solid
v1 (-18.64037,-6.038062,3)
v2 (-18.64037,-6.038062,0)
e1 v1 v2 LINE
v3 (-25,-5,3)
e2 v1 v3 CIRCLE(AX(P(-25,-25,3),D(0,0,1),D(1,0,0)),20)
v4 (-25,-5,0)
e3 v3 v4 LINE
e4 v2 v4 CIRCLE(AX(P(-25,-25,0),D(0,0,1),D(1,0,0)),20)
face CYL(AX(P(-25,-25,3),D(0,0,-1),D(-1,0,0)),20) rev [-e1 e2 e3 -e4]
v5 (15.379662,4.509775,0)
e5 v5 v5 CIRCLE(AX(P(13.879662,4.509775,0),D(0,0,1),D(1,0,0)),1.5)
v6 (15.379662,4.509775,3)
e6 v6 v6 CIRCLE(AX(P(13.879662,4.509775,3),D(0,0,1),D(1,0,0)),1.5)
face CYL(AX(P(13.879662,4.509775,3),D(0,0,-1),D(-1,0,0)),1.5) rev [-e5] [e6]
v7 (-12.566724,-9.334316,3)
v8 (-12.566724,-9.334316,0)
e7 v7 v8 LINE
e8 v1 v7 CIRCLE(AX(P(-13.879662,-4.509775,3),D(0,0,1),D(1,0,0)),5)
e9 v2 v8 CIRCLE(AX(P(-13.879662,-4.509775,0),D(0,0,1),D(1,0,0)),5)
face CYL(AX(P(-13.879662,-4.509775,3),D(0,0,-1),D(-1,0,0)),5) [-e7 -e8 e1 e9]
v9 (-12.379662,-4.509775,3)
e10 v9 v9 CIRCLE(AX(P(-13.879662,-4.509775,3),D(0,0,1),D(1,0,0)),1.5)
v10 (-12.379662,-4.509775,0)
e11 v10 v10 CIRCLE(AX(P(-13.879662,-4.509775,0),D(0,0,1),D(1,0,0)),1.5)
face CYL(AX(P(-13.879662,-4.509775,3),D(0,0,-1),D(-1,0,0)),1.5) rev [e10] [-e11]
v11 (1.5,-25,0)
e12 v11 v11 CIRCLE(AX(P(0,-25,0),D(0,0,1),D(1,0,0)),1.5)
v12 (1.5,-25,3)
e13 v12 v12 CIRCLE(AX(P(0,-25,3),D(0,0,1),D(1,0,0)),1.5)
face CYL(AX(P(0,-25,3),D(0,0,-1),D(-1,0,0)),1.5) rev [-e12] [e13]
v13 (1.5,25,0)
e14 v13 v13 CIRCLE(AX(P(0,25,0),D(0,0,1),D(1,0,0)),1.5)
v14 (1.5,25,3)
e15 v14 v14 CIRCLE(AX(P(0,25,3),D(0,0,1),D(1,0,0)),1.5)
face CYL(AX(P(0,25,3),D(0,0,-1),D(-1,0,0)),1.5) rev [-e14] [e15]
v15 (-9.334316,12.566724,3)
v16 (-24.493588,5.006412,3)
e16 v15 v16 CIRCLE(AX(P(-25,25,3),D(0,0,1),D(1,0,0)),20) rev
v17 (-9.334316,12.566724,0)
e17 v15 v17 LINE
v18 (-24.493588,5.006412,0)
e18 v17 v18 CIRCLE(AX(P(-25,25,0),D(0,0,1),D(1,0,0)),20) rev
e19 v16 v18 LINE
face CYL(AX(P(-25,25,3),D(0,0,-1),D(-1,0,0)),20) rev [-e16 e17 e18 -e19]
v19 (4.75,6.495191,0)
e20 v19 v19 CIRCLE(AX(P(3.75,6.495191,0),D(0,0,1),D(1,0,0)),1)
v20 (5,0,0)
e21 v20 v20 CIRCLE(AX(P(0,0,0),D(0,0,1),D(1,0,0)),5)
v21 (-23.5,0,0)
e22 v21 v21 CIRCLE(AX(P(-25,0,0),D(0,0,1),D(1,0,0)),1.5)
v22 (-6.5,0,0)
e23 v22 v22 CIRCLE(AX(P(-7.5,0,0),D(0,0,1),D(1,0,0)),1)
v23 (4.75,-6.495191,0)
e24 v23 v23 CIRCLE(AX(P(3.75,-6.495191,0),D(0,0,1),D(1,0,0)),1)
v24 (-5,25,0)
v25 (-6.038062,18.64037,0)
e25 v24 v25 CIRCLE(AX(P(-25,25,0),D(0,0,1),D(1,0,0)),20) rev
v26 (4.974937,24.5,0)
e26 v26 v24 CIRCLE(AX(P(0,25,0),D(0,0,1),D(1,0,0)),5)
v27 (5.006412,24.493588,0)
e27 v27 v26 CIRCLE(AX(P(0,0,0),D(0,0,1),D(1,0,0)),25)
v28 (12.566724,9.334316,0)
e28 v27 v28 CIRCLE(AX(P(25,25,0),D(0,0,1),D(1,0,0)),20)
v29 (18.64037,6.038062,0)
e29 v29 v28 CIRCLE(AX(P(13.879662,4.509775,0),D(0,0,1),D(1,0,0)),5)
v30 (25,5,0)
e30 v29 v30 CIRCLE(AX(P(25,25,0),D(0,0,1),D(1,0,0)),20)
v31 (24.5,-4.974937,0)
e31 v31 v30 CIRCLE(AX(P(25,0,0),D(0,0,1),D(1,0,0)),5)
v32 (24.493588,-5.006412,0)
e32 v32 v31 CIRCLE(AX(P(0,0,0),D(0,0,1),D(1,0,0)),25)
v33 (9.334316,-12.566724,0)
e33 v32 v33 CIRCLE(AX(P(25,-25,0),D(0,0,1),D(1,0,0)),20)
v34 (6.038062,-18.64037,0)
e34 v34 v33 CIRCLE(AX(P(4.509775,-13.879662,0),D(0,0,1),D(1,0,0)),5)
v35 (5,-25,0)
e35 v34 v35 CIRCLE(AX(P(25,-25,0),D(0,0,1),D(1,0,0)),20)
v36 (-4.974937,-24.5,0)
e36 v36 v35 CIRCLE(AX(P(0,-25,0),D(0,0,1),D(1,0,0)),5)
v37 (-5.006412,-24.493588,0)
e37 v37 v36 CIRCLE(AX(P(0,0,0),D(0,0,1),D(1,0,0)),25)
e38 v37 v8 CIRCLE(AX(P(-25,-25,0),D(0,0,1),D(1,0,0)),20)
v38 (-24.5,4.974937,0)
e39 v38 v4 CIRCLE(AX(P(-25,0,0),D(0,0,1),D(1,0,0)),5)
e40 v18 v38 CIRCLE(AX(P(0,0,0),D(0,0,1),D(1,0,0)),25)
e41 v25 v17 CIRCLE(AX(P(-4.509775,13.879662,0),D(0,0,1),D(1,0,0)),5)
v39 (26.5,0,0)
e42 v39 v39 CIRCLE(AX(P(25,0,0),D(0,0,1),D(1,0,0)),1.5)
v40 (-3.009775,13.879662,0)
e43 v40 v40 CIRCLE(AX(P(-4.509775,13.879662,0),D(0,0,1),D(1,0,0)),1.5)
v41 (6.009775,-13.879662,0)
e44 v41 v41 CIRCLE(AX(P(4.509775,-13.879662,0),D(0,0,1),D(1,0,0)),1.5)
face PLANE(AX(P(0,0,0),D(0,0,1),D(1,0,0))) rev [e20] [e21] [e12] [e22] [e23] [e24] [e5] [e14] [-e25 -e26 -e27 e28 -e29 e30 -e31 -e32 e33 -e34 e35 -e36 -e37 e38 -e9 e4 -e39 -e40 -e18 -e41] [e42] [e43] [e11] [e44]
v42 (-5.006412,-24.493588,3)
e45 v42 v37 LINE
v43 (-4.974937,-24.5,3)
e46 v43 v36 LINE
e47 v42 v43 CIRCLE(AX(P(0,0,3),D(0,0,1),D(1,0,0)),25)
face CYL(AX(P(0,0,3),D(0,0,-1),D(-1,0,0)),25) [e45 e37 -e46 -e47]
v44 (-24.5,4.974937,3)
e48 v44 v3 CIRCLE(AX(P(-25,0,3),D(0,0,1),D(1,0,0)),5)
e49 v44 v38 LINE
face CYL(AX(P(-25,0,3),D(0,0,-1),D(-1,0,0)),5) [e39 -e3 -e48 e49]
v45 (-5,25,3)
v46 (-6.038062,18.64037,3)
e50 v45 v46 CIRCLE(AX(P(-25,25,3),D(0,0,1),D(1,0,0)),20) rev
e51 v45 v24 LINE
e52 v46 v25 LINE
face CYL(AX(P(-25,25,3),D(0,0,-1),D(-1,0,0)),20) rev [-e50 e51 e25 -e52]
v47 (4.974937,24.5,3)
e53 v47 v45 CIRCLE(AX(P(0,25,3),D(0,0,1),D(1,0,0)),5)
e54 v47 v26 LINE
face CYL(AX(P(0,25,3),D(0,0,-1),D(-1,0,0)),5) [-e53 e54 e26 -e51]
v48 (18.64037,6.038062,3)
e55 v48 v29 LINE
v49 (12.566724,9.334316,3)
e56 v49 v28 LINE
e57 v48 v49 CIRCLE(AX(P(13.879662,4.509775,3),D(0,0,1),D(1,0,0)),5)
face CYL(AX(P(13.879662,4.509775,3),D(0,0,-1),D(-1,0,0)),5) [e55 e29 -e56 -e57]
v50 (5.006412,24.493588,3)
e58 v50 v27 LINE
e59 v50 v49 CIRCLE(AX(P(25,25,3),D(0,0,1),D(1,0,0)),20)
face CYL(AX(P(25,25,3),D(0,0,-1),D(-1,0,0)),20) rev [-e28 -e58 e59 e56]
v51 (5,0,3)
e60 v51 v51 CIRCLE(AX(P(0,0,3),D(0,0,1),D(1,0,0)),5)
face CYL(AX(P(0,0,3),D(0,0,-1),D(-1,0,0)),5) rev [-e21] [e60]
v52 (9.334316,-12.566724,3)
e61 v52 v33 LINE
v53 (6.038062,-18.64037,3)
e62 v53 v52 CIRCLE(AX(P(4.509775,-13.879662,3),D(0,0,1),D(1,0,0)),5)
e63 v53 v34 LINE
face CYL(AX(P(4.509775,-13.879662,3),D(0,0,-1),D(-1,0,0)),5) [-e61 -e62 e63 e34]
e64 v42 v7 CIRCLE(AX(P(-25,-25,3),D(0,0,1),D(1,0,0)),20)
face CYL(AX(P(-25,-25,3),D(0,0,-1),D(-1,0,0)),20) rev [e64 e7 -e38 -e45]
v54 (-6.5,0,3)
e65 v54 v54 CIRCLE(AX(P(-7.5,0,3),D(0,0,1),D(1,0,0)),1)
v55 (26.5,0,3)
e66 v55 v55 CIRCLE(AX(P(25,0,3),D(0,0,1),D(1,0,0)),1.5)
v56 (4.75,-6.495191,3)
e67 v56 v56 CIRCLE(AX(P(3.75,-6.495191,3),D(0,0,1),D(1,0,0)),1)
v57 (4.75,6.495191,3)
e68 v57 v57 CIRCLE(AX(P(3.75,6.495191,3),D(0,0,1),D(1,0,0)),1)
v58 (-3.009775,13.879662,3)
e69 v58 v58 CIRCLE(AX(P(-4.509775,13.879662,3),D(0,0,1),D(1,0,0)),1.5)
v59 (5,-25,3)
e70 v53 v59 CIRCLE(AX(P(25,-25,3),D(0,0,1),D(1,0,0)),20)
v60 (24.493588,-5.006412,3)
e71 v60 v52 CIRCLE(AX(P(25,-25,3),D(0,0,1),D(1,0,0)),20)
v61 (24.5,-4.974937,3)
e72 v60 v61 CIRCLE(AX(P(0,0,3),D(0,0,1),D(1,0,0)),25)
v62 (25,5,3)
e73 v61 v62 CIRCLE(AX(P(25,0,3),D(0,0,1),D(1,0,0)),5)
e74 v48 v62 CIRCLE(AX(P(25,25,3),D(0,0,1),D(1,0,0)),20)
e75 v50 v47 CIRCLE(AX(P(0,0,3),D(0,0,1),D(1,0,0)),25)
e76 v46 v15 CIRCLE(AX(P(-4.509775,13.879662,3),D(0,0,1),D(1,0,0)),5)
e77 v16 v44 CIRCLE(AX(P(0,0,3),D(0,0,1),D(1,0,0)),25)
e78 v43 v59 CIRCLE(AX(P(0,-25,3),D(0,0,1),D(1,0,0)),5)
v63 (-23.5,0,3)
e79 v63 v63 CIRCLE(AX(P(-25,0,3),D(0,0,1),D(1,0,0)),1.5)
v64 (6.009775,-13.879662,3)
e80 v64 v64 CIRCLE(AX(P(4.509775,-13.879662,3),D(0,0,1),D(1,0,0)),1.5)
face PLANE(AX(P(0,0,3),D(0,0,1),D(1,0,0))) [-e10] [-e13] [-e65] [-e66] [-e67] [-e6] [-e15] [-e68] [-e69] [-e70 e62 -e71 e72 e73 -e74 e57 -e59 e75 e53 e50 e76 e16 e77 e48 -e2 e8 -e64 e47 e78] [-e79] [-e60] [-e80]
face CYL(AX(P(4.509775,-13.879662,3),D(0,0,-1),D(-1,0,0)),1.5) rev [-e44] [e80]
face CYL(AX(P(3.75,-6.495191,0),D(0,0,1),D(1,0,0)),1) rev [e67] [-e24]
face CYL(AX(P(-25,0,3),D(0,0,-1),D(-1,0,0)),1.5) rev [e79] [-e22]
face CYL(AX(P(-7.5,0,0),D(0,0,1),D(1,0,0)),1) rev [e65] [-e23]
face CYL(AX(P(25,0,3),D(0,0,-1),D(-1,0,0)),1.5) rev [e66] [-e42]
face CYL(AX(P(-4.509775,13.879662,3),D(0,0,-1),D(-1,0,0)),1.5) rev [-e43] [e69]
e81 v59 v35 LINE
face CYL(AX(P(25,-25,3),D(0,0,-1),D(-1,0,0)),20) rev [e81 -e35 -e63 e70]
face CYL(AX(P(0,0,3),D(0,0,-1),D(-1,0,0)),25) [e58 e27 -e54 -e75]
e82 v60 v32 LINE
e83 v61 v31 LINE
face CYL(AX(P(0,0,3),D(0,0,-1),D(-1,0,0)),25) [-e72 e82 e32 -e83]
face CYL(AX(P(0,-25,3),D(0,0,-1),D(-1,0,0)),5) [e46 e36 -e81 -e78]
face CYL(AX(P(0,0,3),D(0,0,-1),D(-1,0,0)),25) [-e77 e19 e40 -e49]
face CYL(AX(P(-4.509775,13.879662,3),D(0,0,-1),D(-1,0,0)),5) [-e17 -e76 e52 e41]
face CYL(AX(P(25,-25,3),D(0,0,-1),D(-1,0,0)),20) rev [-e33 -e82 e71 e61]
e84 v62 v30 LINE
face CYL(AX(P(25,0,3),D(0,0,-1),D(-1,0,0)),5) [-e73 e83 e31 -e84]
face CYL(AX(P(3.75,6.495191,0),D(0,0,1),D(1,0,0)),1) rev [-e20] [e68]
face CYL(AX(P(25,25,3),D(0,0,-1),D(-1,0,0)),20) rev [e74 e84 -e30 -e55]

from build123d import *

# Parameters (mm, degrees)
CROQUIS1_R              = 1.5
CROQUIS1_R_2            = 5
SALIENTE_EXTRUIR1_DEPTH = 3
CROQUIS2_R              = 1
CORTAR_EXTRUIR2_DEPTH   = 43.532340636


with BuildPart() as part:
    # Croquis1 → Saliente-Extruir1 (new body)
    with BuildSketch(Plane.XY):
        with BuildLine():
            ThreePointArc((-5.006412365, -24.493587635), (-4.990675805, -24.496798873), (-4.974937186, -24.5))
            ThreePointArc((-4.974937186, -24.5), (-0.250313875, -29.993730366), (5, -25))
            ThreePointArc((5, -25), (5.261221354, -21.77810342), (6.038061758, -18.640369658))
            ThreePointArc((6.038061758, -18.640369658), (8.90430573, -16.264636165), (9.334316304, -12.56672391))
            ThreePointArc((9.334316304, -12.56672391), (16.073984628, -7.10233955), (24.493587635, -5.006412365))
            ThreePointArc((24.493587635, -5.006412365), (24.496798873, -4.990675805), (24.5, -4.974937186))
            ThreePointArc((24.5, -4.974937186), (29.993730366, -0.250313875), (25, 5))
            ThreePointArc((25, 5), (21.77810342, 5.261221354), (18.640369658, 6.038061758))
            ThreePointArc((18.640369658, 6.038061758), (16.264636165, 8.90430573), (12.56672391, 9.334316304))
            ThreePointArc((12.56672391, 9.334316304), (7.10233955, 16.073984628), (5.006412365, 24.493587635))
            ThreePointArc((5.006412365, 24.493587635), (4.990675805, 24.496798873), (4.974937186, 24.5))
            ThreePointArc((4.974937186, 24.5), (0.250313875, 29.993730366), (-5, 25))
            ThreePointArc((-5, 25), (-5.261221354, 21.77810342), (-6.038061758, 18.640369658))
            ThreePointArc((-6.038061758, 18.640369658), (-8.90430573, 16.264636165), (-9.334316304, 12.56672391))
            ThreePointArc((-9.334316304, 12.56672391), (-16.073984628, 7.10233955), (-24.493587635, 5.006412365))
            ThreePointArc((-24.493587635, 5.006412365), (-24.496798873, 4.990675805), (-24.5, 4.974937186))
            ThreePointArc((-24.5, 4.974937186), (-29.993730366, 0.250313875), (-25, -5))
            ThreePointArc((-25, -5), (-21.77810342, -5.261221354), (-18.640369658, -6.038061758))
            ThreePointArc((-18.640369658, -6.038061758), (-16.264636165, -8.90430573), (-12.56672391, -9.334316304))
            ThreePointArc((-12.56672391, -9.334316304), (-7.10233955, -16.073984628), (-5.006412365, -24.493587635))
        make_face()
        with Locations((-25, 0)):
            Circle(CROQUIS1_R, mode=Mode.SUBTRACT)
        with Locations((0, -25)):
            Circle(CROQUIS1_R, mode=Mode.SUBTRACT)
        with Locations((4.50977544, -13.879661629)):
            Circle(CROQUIS1_R, mode=Mode.SUBTRACT)
        with Locations((0, 25)):
            Circle(CROQUIS1_R, mode=Mode.SUBTRACT)
        with Locations((13.879661629, 4.50977544)):
            Circle(CROQUIS1_R, mode=Mode.SUBTRACT)
        with Locations((25, 0)):
            Circle(CROQUIS1_R, mode=Mode.SUBTRACT)
        with Locations((-4.50977544, 13.879661629)):
            Circle(CROQUIS1_R, mode=Mode.SUBTRACT)
        with Locations((-13.879661629, -4.50977544)):
            Circle(CROQUIS1_R, mode=Mode.SUBTRACT)
        Circle(CROQUIS1_R_2, mode=Mode.SUBTRACT)
    extrude(amount=SALIENTE_EXTRUIR1_DEPTH)

    # Croquis2 → Cortar-Extruir2 (cut, through all)
    with BuildSketch(Plane.XY.offset(3)):
        with Locations((3.75, 6.495190528)):
            Circle(CROQUIS2_R)
        with Locations((3.75, -6.495190528)):
            Circle(CROQUIS2_R)
        with Locations((-7.5, 0)):
            Circle(CROQUIS2_R)
    extrude(amount=-CORTAR_EXTRUIR2_DEPTH, mode=Mode.SUBTRACT)


solid = part.part
